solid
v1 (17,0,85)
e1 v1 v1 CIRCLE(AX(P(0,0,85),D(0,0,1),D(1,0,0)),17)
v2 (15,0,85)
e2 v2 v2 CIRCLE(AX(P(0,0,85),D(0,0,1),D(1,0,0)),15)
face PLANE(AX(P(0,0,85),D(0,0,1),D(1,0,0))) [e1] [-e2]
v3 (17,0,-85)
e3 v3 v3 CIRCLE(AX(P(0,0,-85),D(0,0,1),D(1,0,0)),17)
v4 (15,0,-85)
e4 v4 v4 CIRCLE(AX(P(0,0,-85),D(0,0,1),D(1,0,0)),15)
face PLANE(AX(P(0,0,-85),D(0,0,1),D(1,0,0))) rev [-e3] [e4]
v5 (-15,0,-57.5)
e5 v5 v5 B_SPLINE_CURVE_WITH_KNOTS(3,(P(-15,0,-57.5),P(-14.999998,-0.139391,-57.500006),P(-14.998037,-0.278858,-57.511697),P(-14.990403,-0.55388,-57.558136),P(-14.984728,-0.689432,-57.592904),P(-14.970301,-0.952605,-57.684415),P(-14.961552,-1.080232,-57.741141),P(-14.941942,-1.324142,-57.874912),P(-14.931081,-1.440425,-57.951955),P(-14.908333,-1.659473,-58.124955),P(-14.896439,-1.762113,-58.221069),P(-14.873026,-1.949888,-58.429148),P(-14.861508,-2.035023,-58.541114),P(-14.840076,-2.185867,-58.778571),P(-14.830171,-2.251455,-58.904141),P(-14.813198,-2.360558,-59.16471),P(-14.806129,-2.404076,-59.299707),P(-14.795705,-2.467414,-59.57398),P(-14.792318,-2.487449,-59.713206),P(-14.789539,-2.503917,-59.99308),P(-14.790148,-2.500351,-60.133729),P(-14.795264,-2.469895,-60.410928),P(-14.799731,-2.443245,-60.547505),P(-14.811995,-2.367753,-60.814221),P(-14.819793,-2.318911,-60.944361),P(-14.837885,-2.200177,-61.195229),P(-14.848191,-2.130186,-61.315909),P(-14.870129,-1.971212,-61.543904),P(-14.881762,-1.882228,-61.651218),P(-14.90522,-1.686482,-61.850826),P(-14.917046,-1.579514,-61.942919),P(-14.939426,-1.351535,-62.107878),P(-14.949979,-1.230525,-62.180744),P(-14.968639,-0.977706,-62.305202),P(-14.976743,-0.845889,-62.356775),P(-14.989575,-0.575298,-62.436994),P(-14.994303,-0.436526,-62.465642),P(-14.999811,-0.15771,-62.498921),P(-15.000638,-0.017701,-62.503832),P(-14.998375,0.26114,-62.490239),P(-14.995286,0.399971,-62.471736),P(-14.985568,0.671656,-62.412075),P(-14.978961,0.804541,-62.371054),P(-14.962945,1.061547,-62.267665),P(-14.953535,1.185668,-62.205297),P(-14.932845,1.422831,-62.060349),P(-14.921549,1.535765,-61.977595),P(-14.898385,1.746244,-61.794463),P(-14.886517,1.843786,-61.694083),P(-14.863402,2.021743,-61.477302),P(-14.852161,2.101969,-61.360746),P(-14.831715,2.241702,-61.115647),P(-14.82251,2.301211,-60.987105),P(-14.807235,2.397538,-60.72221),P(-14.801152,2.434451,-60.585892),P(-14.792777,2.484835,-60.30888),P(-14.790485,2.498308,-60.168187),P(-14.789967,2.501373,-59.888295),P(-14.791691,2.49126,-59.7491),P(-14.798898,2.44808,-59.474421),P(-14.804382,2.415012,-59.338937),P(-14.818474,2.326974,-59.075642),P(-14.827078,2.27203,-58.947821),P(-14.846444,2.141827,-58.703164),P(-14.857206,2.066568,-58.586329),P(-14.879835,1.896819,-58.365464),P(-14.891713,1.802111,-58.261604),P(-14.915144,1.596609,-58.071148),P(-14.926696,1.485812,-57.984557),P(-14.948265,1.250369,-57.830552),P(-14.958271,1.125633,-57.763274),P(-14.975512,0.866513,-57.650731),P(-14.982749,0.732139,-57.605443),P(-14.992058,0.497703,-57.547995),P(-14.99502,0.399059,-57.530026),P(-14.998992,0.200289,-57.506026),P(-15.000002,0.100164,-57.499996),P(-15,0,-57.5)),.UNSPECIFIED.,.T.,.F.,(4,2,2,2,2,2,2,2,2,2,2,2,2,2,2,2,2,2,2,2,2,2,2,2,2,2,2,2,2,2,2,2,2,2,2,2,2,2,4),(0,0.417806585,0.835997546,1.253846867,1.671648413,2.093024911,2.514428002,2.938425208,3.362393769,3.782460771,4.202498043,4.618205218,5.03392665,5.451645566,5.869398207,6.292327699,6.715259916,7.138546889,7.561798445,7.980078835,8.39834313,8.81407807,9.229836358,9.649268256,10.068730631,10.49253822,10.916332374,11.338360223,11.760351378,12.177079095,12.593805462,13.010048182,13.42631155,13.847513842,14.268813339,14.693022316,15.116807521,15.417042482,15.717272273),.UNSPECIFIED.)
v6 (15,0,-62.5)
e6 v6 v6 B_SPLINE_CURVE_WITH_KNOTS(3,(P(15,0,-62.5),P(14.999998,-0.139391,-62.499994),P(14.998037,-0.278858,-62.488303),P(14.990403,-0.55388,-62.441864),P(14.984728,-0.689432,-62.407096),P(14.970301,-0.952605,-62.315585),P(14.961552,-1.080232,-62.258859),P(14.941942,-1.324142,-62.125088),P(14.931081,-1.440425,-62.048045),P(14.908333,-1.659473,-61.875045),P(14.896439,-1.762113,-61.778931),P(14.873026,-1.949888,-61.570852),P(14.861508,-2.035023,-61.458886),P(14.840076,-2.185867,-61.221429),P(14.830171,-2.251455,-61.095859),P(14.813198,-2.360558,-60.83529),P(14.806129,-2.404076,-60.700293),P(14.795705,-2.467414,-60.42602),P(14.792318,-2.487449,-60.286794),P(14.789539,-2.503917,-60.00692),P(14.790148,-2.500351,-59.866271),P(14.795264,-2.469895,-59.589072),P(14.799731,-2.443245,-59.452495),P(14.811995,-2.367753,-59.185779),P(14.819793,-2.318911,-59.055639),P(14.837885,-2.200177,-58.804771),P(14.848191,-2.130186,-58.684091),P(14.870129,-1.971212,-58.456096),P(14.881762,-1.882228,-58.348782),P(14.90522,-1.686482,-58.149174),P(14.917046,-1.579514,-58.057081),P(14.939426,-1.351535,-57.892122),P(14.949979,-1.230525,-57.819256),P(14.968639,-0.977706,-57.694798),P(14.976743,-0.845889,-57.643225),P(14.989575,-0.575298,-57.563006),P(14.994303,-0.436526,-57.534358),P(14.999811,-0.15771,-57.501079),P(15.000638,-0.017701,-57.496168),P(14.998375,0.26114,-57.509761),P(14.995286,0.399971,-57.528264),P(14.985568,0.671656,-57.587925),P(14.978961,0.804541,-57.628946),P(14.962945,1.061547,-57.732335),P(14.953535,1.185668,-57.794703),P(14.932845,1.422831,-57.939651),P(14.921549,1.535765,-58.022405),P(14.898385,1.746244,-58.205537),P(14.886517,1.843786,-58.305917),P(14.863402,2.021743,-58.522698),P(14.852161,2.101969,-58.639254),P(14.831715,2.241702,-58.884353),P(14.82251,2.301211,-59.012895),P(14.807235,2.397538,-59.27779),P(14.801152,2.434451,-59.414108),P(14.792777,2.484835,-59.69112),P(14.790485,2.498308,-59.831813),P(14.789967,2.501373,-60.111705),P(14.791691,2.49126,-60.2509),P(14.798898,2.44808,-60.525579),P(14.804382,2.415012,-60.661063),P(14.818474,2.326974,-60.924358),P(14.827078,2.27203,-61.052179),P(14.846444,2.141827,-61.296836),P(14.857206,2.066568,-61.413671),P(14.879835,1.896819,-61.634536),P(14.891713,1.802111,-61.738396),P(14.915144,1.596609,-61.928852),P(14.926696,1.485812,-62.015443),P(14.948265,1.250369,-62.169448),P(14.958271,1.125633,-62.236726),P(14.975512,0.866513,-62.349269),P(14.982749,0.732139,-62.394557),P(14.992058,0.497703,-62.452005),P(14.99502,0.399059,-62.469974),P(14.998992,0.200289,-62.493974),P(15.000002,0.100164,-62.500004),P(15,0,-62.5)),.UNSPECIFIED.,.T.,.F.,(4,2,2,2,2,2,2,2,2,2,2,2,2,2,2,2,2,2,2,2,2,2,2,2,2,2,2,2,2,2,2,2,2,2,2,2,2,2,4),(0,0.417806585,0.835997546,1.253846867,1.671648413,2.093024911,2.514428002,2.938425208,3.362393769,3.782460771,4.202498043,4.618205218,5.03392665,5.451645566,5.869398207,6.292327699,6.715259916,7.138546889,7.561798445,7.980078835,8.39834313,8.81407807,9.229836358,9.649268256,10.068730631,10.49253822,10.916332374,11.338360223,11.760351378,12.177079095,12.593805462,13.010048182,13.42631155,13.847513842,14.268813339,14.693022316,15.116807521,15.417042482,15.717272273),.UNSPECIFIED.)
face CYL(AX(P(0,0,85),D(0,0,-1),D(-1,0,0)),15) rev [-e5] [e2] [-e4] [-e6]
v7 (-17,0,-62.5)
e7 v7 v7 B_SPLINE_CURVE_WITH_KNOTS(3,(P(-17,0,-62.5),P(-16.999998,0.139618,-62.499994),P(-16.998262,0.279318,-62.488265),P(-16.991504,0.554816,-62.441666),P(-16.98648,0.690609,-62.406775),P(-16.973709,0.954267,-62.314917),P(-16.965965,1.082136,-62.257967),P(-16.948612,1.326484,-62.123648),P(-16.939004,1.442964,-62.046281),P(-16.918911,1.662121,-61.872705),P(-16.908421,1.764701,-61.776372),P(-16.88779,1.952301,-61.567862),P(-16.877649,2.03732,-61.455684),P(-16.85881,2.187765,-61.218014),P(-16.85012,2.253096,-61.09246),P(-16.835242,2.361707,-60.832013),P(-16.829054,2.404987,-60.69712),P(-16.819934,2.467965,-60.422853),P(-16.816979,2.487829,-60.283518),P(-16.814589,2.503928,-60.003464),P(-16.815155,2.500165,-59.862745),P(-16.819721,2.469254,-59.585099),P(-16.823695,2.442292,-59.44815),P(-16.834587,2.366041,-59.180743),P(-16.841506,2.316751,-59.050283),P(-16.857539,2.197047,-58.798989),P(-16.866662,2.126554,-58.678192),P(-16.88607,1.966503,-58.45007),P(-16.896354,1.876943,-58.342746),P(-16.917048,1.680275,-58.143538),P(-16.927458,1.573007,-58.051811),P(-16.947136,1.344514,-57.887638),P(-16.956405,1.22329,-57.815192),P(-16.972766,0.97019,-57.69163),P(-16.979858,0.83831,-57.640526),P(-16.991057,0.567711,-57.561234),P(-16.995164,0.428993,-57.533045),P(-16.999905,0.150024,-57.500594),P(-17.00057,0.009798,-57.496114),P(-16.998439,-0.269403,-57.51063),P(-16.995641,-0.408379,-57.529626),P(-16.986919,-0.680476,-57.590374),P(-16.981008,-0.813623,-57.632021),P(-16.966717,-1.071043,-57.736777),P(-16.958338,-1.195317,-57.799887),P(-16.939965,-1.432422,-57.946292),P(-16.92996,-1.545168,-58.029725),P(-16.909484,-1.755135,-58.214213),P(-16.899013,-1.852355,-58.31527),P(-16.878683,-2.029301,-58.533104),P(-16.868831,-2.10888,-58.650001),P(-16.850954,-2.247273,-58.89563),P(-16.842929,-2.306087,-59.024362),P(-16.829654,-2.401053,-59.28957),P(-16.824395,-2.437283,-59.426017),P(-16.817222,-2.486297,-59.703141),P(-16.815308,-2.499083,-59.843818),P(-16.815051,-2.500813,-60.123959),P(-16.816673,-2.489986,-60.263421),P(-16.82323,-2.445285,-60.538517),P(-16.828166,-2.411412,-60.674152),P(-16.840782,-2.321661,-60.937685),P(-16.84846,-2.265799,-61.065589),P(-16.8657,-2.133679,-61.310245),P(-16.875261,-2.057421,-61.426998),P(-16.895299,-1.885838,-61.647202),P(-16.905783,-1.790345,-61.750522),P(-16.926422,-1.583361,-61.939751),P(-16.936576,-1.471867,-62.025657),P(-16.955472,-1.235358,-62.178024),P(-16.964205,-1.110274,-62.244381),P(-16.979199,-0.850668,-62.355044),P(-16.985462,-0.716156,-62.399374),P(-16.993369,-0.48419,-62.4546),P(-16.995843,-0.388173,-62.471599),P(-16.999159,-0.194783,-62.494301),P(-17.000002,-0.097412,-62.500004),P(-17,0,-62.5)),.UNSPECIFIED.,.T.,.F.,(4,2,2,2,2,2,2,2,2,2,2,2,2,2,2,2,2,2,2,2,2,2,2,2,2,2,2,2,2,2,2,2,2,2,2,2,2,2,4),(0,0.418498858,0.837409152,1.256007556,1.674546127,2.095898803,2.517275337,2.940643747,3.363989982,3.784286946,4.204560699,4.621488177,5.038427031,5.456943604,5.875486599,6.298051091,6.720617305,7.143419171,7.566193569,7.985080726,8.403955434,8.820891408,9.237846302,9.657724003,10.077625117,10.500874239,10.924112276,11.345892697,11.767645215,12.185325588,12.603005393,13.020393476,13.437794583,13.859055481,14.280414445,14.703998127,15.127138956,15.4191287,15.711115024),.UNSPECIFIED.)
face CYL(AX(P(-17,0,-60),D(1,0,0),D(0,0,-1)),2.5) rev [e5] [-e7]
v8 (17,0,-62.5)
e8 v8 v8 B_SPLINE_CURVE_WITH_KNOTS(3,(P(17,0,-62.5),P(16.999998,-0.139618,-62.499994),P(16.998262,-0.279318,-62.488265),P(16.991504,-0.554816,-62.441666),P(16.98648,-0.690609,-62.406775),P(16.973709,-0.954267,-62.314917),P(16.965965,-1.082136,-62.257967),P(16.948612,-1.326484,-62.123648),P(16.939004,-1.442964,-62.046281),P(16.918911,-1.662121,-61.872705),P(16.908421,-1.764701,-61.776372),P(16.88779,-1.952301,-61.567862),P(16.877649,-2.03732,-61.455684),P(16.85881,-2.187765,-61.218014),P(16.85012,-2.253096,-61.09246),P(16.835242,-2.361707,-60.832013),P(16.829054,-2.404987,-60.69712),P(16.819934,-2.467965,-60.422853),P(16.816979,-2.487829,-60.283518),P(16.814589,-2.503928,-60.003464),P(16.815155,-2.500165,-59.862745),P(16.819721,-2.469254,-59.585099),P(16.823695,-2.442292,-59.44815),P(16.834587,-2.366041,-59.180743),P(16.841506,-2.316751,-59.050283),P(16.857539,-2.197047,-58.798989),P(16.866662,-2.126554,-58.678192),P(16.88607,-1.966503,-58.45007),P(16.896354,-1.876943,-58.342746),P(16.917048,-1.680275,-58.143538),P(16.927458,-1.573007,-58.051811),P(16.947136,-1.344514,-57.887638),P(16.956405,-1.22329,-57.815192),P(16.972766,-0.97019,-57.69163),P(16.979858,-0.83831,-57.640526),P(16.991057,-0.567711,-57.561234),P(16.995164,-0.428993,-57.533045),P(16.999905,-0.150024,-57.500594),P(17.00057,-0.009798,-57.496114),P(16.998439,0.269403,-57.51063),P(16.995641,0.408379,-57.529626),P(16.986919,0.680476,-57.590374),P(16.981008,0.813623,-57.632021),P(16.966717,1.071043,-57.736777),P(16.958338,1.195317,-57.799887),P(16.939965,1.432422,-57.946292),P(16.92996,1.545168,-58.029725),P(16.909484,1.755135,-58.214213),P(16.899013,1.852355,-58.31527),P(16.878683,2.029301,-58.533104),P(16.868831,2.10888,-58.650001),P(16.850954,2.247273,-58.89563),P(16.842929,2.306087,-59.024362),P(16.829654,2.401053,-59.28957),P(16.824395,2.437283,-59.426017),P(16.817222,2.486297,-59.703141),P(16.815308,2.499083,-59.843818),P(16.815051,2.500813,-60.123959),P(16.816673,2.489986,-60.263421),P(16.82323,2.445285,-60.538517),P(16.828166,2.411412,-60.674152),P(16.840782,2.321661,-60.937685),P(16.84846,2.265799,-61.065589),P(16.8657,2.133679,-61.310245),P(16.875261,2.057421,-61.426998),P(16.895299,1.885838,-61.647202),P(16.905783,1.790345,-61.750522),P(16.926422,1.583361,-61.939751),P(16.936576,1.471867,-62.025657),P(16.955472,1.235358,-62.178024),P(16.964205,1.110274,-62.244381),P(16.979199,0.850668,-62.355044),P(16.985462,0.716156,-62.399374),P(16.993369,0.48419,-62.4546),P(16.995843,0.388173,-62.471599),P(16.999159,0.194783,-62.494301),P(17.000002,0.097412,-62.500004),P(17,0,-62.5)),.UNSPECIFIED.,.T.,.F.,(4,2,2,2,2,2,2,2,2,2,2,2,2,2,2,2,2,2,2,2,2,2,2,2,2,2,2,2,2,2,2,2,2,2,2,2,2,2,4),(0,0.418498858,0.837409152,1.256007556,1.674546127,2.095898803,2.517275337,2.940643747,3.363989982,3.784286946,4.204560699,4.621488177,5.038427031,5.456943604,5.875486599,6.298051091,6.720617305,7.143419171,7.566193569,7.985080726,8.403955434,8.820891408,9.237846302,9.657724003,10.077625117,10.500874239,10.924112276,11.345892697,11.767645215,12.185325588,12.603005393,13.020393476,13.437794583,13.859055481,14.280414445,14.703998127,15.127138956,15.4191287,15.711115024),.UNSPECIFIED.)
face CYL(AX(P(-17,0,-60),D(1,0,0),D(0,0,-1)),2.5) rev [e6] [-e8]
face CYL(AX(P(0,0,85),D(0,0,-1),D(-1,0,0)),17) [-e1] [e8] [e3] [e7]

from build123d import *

# Parameters (mm, degrees)
SKETCH1_R               = 17
SKETCH1_R_2             = 15
BOSS_EXTRUDE1_DEPTH     = 85
CUT_EXTRUDE1_DEPTH      = 89.334591186
CUT_EXTRUDE1_DEPTH_BACK = 89.334591186
SKETCH2_R               = 2.5


with BuildPart() as part:
    # Sketch1 → Boss-Extrude1 (new, symmetric)
    with BuildSketch(Plane.XY):
        Circle(SKETCH1_R)
        Circle(SKETCH1_R_2, mode=Mode.SUBTRACT)
    extrude(amount=BOSS_EXTRUDE1_DEPTH, both=True)

    # Sketch2 → Cut-Extrude1 (cut, two sides: drawn at the far end of the back side and taken through both)
    with BuildSketch(Plane(origin=(0, 0, 0), x_dir=(0, 0, -1), z_dir=(1, 0, 0)).offset(-CUT_EXTRUDE1_DEPTH_BACK)):
        with Locations((60, 0)):
            Circle(SKETCH2_R)
    extrude(amount=CUT_EXTRUDE1_DEPTH + CUT_EXTRUDE1_DEPTH_BACK, mode=Mode.SUBTRACT)


solid = part.part
